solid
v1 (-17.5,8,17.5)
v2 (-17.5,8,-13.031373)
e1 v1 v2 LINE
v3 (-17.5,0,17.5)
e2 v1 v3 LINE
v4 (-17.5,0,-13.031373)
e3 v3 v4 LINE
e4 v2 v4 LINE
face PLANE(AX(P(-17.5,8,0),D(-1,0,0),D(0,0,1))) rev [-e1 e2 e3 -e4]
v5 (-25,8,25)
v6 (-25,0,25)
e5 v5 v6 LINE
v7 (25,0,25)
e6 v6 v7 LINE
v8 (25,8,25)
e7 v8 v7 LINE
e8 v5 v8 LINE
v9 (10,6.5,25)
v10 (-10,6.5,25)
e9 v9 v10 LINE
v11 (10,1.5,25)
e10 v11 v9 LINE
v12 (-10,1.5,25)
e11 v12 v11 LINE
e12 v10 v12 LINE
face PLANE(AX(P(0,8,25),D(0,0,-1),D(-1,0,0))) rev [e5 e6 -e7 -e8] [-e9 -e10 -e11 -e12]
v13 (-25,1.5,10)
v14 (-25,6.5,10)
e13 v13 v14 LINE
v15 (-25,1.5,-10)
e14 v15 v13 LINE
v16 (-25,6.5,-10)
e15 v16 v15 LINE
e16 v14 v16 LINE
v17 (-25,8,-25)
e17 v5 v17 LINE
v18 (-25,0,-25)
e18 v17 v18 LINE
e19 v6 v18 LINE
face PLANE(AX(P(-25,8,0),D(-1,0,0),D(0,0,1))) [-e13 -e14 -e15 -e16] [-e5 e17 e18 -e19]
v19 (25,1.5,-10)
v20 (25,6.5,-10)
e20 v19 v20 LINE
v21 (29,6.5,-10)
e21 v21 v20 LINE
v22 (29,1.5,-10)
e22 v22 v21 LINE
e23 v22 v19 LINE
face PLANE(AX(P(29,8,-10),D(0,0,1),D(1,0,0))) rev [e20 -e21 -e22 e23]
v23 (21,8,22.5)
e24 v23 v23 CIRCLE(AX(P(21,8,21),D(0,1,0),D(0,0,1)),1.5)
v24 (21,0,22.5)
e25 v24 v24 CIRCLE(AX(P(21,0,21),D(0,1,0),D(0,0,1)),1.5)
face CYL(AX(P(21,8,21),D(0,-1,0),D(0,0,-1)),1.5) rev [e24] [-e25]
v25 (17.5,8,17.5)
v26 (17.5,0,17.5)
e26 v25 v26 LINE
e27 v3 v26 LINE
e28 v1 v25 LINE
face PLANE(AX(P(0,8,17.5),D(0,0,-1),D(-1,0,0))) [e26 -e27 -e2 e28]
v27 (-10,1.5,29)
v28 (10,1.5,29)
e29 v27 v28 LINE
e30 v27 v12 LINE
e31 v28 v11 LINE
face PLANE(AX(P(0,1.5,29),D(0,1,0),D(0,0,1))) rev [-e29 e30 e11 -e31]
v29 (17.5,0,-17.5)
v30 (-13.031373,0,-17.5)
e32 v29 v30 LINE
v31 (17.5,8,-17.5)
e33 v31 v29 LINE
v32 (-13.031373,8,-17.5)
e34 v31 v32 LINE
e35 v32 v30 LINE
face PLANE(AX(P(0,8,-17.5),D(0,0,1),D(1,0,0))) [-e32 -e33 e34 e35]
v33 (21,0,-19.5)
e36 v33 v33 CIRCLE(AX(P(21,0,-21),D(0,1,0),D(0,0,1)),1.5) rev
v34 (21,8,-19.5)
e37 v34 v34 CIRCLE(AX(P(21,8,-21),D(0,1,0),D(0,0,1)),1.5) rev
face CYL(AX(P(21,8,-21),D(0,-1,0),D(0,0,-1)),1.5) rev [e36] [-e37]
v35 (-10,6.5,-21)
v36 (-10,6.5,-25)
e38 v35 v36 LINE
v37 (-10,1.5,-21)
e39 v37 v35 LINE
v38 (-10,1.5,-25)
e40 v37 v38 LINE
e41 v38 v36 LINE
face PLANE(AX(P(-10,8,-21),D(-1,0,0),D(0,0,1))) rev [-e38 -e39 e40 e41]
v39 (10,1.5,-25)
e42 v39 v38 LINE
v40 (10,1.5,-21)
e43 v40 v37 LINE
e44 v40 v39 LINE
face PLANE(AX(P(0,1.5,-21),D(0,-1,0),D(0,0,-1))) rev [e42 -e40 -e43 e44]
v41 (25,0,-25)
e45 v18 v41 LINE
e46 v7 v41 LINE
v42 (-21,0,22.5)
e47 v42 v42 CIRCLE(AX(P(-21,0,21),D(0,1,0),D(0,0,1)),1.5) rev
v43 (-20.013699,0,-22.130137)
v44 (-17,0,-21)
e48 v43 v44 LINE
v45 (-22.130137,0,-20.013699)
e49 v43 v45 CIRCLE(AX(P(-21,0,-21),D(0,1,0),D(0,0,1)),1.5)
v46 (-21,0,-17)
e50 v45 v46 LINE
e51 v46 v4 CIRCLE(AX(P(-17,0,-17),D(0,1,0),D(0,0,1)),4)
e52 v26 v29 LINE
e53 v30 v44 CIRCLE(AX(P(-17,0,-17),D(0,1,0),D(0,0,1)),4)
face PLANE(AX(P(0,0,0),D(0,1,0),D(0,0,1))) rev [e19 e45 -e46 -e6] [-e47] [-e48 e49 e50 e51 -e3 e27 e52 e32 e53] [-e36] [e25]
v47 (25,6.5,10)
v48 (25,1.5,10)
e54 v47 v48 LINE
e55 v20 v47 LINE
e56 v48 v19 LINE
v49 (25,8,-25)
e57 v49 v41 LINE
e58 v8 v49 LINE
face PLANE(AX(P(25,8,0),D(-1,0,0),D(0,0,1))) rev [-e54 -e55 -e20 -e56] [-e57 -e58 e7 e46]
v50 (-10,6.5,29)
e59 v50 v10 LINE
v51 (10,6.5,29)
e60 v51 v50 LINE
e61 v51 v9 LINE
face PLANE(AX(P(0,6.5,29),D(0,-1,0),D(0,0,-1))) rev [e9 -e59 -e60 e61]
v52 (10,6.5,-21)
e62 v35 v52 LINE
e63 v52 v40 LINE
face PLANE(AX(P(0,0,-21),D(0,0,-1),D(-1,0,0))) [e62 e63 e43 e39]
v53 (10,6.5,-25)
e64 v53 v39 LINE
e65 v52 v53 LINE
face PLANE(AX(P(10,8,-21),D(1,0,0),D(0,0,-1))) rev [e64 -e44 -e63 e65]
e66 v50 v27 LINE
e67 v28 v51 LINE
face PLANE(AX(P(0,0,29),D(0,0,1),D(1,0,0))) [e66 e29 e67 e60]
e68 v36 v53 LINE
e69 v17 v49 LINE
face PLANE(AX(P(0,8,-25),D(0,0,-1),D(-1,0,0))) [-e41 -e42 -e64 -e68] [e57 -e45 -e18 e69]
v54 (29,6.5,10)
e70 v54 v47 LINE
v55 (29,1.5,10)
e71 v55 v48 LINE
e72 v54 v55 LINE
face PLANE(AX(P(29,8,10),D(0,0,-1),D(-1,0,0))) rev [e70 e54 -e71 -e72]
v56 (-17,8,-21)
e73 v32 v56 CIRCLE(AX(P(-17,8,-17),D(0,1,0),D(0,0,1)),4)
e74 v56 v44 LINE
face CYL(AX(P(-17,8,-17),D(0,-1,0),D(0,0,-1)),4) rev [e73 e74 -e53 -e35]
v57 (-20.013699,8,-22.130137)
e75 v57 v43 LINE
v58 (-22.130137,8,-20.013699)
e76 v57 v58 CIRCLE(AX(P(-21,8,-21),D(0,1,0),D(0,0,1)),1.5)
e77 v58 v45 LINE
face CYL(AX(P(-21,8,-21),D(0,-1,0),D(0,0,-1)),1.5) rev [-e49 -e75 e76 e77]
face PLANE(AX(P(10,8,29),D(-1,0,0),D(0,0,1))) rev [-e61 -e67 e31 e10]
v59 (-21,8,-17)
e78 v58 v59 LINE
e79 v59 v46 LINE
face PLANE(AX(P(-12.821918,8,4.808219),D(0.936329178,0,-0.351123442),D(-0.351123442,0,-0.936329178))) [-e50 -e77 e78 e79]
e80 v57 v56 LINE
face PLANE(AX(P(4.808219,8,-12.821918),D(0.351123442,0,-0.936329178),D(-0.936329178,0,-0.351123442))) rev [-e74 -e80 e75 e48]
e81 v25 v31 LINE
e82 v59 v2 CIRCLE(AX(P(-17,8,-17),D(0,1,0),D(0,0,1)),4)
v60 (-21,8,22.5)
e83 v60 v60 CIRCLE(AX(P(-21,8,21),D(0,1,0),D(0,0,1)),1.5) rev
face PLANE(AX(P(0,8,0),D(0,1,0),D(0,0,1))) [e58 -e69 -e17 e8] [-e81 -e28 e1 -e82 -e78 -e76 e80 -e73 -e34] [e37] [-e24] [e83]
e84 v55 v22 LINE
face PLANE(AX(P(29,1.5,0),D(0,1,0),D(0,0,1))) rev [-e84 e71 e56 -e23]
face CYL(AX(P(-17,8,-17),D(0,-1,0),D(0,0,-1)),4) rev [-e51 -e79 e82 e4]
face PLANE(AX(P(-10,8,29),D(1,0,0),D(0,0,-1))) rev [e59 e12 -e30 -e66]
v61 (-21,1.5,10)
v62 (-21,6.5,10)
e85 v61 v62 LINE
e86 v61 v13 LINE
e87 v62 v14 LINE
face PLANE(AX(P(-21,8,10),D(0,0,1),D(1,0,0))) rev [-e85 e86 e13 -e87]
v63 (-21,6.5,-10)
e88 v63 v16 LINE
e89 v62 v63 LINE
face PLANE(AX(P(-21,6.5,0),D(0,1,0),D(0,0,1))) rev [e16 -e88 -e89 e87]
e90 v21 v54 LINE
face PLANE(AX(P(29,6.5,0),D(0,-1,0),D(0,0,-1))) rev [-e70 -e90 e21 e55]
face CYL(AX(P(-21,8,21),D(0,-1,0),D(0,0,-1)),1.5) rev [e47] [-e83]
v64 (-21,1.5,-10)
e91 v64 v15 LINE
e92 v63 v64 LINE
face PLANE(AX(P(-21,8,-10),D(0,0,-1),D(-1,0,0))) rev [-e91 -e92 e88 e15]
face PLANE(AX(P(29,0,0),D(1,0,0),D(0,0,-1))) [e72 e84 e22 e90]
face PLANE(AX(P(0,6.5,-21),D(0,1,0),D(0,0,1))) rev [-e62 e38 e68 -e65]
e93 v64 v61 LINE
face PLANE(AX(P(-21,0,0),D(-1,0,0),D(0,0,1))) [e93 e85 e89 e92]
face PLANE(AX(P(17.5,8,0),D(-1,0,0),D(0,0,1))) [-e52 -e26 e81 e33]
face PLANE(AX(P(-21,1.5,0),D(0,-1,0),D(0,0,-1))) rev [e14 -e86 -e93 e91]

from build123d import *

# Parameters (mm, degrees)
SKETCH1_W         = 50
SKETCH1_H         = 50
SKETCH1_R         = 1.5
SUPPORT_DEPTH     = 8
NORTH_START       = -25
SKETCH2_W         = 20
SKETCH2_H         = 5
NORTH_CUT_DEPTH   = 4
SOUTH_START       = 25
SKETCH2_2_W       = 20
SKETCH2_2_H       = 5
SOUTH_DOWEL_DEPTH = 4
EAST_START        = 25
SKETCH3_W         = 20
SKETCH3_H         = 5
EAST_DOWEL_DEPTH  = 4
WEST_START        = -25
SKETCH3_3_W       = 20
SKETCH3_3_H       = 5
WEST_CUT_DEPTH    = 4


with BuildPart() as part:
    # Sketch1 → Support (new body)
    with BuildSketch(Plane(origin=(0, 0, 0), x_dir=(1, 0, 0), z_dir=(0, 1, 0))):
        Rectangle(SKETCH1_W, SKETCH1_H)
        with Locations(Location((-21, -21, 0), (0, 0, 270))):
            Circle(SKETCH1_R, mode=Mode.SUBTRACT)
        with Locations(Location((21, -21, 0), (0, 0, 270))):
            Circle(SKETCH1_R, mode=Mode.SUBTRACT)
        with BuildLine():
            Line((-13.031373033, 17.5), (17.5, 17.5))
            Line((17.5, 17.5), (17.5, -17.5))
            Line((17.5, -17.5), (-17.5, -17.5))
            Line((-17.5, -17.5), (-17.5, 13.031373033))
            ThreePointArc((-17.5, 13.031373033), (-20, 14.354248689), (-21, 17))
            Line((-21, 17), (-22.130136986, 20.01369863))
            ThreePointArc((-22.130136986, 20.01369863), (-22.060660172, 22.060660172), (-20.01369863, 22.130136986))
            Line((-20.01369863, 22.130136986), (-17, 21))
            ThreePointArc((-17, 21), (-14.354248689, 20), (-13.031373033, 17.5))
        make_face(mode=Mode.SUBTRACT)
        with Locations(Location((21, 21, 0), (0, 0, 270))):
            Circle(SKETCH1_R, mode=Mode.SUBTRACT)
    extrude(amount=SUPPORT_DEPTH)

    # Sketch2 → North Cut (cut)
    with BuildSketch(Plane.XY.offset(NORTH_START)):
        with Locations((0, 4)):
            Rectangle(SKETCH2_W, SKETCH2_H)
    extrude(amount=NORTH_CUT_DEPTH, mode=Mode.SUBTRACT)

    # Sketch2<2> → South Dowel (add)
    with BuildSketch(Plane.XY.offset(SOUTH_START)):
        with Locations((0, 4)):
            Rectangle(SKETCH2_2_W, SKETCH2_2_H)
    extrude(amount=SOUTH_DOWEL_DEPTH)

    # Sketch3 → East Dowel (add)
    with BuildSketch(Plane(origin=(0, 0, 0), x_dir=(0, 0, -1), z_dir=(1, 0, 0)).offset(EAST_START)):
        with Locations((0, 4)):
            Rectangle(SKETCH3_W, SKETCH3_H)
    extrude(amount=EAST_DOWEL_DEPTH)

    # Sketch3<3> → West Cut (cut)
    with BuildSketch(Plane(origin=(0, 0, 0), x_dir=(0, 0, -1), z_dir=(1, 0, 0)).offset(WEST_START)):
        with Locations((0, 4)):
            Rectangle(SKETCH3_3_W, SKETCH3_3_H)
    extrude(amount=WEST_CUT_DEPTH, mode=Mode.SUBTRACT)


solid = part.part
